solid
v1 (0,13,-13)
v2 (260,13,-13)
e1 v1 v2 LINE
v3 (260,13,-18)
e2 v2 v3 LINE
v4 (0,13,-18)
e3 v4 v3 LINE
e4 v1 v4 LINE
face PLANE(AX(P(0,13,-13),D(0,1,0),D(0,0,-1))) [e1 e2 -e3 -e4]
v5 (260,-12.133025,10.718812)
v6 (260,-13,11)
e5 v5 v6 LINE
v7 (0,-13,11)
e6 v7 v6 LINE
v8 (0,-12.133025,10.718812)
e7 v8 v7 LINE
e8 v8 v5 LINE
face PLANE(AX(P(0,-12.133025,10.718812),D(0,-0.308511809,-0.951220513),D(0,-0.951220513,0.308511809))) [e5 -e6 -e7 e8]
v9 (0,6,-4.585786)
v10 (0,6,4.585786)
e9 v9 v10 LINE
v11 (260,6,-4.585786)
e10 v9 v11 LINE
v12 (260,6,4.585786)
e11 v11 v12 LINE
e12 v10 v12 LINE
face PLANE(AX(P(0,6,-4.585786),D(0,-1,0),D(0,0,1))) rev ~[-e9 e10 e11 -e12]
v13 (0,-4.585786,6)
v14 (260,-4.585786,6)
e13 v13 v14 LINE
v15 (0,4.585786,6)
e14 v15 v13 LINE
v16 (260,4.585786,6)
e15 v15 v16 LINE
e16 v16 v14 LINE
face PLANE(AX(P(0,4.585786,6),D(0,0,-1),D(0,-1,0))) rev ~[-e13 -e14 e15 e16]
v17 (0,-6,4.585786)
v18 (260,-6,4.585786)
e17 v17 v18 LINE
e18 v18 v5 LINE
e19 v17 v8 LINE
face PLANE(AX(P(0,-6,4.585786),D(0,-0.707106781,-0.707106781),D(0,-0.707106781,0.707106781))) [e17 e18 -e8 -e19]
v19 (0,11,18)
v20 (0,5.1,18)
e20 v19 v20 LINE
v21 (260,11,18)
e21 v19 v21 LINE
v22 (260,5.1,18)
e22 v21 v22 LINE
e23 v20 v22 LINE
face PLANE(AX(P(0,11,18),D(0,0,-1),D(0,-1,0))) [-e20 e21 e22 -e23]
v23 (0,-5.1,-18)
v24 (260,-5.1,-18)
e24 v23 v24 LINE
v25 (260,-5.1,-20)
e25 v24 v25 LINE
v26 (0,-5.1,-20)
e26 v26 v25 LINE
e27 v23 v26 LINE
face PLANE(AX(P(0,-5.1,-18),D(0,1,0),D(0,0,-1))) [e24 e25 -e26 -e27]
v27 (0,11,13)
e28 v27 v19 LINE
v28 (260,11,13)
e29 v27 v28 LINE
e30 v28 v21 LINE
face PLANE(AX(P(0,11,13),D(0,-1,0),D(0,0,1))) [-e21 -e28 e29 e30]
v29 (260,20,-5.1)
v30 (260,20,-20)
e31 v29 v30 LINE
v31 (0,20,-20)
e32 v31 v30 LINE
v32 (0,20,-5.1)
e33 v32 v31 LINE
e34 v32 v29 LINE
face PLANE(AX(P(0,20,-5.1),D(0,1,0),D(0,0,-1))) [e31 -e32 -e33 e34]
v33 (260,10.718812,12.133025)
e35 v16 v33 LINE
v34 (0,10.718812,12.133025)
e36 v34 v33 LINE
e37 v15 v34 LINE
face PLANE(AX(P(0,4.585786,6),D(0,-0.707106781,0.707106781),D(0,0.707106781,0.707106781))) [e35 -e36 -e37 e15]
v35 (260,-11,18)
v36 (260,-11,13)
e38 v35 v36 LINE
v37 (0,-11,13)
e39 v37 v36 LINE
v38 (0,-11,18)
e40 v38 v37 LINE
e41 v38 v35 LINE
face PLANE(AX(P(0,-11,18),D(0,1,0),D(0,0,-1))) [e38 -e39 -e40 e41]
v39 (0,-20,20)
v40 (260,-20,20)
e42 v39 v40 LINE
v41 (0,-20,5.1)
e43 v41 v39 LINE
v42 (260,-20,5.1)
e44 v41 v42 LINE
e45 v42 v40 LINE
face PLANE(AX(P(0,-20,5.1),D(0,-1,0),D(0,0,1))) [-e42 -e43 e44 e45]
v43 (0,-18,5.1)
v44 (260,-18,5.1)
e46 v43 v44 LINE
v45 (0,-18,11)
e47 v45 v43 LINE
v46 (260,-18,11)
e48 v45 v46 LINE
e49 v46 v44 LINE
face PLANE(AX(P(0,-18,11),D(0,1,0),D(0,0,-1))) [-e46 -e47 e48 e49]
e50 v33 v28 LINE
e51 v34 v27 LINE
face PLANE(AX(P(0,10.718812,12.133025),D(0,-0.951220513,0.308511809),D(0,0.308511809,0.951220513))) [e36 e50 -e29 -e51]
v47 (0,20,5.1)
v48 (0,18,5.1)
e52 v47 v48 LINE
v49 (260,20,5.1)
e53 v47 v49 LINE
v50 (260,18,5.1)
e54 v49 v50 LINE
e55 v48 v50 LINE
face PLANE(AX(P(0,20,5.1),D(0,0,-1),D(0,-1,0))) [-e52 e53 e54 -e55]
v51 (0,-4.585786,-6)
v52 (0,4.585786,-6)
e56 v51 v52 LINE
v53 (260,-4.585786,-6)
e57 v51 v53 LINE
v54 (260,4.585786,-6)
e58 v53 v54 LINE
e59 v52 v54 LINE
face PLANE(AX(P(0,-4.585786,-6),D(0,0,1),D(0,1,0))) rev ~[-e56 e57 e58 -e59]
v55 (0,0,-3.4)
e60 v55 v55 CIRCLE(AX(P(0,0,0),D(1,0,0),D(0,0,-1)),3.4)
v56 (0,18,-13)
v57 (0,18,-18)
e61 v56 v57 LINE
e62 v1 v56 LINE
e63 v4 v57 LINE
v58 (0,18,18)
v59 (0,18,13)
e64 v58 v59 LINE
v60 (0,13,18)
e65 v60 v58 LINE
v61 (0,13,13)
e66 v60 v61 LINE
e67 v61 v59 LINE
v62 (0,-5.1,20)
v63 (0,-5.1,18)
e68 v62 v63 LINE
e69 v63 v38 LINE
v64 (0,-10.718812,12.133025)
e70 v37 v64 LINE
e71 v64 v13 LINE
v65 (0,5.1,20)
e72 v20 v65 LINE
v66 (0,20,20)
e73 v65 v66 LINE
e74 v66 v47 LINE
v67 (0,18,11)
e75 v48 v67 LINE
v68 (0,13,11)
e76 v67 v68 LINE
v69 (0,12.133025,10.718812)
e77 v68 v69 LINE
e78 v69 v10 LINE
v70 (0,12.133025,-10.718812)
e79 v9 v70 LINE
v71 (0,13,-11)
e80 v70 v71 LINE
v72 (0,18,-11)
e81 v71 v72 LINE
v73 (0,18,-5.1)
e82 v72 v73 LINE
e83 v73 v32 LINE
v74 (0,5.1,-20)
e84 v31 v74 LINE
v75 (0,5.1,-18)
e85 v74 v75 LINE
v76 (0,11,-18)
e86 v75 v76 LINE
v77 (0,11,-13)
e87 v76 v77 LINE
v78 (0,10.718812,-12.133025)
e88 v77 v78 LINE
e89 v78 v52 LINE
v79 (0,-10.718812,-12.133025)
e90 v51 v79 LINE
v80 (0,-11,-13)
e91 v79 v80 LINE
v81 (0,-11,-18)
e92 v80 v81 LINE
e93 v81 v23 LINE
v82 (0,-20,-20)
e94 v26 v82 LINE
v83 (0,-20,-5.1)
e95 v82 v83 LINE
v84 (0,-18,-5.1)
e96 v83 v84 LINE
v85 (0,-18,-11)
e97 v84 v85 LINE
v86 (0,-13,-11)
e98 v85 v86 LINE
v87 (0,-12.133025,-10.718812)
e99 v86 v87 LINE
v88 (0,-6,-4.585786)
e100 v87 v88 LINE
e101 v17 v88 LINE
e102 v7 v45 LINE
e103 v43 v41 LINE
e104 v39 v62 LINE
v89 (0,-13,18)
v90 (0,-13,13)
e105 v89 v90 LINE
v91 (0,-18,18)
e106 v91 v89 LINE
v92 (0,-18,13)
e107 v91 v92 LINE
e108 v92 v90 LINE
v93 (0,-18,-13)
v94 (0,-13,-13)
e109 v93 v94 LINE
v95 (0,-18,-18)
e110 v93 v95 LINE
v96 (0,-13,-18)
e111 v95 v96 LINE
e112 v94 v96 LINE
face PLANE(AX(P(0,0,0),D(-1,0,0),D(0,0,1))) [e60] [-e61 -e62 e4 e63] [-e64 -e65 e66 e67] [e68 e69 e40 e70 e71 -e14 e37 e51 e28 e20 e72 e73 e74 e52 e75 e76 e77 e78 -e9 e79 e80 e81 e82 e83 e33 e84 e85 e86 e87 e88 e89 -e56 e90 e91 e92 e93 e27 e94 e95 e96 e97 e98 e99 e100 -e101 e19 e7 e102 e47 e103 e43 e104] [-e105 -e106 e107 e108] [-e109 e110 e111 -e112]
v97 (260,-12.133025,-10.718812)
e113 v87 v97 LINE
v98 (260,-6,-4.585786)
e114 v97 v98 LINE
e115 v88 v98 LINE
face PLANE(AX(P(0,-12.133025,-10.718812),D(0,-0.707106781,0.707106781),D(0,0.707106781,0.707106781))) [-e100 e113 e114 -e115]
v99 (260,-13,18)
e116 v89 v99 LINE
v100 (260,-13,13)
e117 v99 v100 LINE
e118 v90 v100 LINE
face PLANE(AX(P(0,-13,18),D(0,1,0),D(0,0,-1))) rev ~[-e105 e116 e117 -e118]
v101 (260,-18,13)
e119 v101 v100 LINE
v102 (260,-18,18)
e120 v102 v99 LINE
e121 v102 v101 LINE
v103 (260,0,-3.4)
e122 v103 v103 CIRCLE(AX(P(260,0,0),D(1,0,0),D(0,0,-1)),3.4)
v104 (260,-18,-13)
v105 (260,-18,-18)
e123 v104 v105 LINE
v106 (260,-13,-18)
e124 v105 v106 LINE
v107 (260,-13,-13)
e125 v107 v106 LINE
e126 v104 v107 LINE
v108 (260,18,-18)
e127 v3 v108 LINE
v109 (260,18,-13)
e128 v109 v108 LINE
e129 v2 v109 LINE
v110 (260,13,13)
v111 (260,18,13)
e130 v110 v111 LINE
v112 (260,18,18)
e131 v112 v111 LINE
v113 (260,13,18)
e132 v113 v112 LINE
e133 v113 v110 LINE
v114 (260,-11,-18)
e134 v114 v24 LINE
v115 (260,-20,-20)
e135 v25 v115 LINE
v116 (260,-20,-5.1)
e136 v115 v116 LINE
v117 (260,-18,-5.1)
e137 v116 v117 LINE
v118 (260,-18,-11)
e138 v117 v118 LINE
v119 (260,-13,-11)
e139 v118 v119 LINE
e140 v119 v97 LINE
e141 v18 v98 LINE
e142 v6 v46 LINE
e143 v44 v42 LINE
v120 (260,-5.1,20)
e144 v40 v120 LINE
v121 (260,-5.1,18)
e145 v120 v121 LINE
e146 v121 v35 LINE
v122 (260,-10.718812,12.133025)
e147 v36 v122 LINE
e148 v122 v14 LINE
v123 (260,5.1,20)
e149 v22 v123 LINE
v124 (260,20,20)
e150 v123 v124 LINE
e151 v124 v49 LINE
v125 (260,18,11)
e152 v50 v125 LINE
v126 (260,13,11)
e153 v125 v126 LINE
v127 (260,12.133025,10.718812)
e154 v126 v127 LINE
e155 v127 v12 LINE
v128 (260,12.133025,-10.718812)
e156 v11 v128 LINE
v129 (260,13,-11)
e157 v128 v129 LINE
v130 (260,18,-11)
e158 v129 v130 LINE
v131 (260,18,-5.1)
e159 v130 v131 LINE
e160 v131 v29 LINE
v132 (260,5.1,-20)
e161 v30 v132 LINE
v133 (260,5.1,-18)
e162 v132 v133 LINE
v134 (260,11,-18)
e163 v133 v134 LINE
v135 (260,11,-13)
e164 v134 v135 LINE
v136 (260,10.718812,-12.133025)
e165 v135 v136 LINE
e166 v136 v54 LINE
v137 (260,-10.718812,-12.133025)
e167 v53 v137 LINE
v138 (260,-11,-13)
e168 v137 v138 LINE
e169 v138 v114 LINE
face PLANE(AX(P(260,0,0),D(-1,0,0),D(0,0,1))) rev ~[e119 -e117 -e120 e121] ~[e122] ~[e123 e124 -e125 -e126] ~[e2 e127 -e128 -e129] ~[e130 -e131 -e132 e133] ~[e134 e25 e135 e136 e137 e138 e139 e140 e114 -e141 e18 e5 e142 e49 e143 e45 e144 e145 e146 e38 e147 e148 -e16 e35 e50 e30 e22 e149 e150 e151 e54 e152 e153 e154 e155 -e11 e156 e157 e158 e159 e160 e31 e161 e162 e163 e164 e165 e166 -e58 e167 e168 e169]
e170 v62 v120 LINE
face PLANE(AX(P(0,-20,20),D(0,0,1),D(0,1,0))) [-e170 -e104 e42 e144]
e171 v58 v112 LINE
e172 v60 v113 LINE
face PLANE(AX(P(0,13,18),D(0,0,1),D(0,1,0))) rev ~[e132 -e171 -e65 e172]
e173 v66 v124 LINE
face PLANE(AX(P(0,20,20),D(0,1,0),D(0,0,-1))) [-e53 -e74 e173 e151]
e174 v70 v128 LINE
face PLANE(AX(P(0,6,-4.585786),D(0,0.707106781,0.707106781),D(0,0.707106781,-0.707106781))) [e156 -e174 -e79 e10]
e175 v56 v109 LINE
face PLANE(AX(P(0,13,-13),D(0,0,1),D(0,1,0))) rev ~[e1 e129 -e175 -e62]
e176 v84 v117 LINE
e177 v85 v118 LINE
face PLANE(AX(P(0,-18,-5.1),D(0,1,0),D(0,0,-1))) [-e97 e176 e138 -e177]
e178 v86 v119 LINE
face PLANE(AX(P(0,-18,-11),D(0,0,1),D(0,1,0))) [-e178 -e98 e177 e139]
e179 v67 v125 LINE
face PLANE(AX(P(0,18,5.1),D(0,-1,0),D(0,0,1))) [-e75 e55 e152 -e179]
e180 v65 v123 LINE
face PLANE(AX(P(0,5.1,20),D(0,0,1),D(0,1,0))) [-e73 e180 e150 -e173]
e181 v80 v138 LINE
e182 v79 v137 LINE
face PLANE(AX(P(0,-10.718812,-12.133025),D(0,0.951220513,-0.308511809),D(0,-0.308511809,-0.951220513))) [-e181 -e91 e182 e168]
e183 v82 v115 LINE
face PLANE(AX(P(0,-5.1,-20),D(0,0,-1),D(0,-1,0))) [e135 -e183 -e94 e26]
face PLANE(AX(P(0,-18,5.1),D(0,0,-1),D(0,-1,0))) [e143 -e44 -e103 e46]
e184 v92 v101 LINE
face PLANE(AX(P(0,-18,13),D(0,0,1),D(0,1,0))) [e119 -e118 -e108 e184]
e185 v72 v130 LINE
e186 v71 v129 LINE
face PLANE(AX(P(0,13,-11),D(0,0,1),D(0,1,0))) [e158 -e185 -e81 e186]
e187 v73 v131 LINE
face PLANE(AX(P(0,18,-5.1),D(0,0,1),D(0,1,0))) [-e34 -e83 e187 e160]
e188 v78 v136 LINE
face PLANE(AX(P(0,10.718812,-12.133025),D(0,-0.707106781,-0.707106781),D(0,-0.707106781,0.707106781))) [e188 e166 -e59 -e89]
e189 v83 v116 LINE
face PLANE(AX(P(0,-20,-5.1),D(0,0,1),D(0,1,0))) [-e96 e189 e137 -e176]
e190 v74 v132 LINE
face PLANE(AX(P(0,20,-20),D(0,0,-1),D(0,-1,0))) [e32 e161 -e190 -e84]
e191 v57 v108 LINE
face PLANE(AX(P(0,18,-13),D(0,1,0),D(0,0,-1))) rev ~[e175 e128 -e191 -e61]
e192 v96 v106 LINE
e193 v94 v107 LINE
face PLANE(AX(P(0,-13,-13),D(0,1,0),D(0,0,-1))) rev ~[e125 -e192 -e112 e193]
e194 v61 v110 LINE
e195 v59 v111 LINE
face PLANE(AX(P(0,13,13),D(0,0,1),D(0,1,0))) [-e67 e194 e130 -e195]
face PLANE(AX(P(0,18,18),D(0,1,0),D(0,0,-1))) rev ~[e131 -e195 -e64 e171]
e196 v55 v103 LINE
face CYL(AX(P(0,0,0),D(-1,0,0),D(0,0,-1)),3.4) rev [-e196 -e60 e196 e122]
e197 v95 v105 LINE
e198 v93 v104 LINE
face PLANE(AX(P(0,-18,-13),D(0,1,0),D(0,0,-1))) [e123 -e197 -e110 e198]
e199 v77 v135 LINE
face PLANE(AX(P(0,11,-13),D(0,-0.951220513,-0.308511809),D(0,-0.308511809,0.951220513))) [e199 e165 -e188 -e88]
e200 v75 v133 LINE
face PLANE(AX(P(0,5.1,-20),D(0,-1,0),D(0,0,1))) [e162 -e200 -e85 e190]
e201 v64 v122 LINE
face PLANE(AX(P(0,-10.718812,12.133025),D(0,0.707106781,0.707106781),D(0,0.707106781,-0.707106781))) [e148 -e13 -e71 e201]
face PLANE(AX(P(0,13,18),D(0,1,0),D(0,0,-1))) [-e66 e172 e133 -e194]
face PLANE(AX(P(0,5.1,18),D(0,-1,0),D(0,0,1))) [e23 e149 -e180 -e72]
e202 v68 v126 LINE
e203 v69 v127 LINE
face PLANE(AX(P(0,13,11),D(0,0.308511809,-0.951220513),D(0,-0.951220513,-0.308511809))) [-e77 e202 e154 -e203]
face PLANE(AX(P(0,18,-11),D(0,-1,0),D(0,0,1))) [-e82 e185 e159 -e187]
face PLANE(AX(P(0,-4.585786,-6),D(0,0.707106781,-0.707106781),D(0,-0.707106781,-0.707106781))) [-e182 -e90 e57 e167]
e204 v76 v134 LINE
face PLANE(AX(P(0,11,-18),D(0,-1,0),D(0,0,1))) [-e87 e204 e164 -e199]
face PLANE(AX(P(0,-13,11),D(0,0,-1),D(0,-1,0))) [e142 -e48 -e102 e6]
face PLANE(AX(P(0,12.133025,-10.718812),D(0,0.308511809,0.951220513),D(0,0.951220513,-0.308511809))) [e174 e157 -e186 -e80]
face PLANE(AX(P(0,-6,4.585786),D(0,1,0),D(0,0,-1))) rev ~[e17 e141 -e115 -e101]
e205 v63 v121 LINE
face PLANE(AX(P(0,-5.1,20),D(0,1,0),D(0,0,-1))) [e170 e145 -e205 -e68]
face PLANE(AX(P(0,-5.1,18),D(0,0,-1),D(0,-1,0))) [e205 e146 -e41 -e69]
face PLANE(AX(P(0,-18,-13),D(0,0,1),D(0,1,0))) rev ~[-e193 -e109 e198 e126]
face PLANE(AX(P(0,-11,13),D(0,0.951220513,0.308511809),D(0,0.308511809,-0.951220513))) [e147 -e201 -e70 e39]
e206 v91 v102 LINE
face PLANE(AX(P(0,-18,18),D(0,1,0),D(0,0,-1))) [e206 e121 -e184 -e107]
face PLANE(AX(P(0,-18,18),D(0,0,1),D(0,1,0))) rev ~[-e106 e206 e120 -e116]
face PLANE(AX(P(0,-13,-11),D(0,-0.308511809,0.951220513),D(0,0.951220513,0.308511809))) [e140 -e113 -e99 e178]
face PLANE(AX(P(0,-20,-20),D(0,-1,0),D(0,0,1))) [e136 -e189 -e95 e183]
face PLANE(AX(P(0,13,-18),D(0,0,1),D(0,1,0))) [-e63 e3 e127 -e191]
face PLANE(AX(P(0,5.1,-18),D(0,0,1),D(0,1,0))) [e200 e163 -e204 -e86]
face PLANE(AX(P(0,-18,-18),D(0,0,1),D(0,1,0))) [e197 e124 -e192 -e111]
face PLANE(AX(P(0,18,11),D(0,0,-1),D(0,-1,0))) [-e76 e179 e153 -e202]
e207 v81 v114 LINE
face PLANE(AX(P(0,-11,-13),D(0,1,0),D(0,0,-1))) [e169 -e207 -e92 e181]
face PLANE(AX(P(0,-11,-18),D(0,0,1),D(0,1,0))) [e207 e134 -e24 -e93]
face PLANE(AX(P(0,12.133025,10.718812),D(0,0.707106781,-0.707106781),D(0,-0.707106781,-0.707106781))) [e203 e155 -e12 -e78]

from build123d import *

# Parameters (mm, degrees)
SKETCH_1_R      = 3.4
SKETCH_1_W      = 5
SKETCH_1_H      = 5
EXTRUDE_1_DEPTH = 260


with BuildPart() as part:
    # 草图1 → 凸台-拉伸1 (new body)
    with BuildSketch(Plane(origin=(0, 0, 0), x_dir=(0, 0, -1), z_dir=(1, 0, 0))):
        Polygon((0, 6), (4.585786438, 6), (10.718811909, 12.133025471), (11, 13), (11, 18), (5.1, 18), (5.1, 20), (20, 20), (20, 5.1), (18, 5.1), (18, 11), (13, 11), (12.133025471, 10.718811909), (6, 4.585786438), (6, 0), (6, -4.585786438), (12.133025471, -10.718811909), (13, -11), (18, -11), (18, -5.1), (20, -5.1), (20, -20), (5.1, -20), (5.1, -18), (11, -18), (11, -13), (10.718811909, -12.133025471), (4.585786438, -6), (0, -6), (-4.585786438, -6), (-10.718811909, -12.133025471), (-11, -13), (-11, -18), (-5.1, -18), (-5.1, -20), (-20, -20), (-20, -5.1), (-18, -5.1), (-18, -11), (-13, -11), (-12.133025471, -10.718811909), (-6, -4.585786438), (-6, 0), (-6, 4.585786438), (-12.133025471, 10.718811909), (-13, 11), (-18, 11), (-18, 5.1), (-20, 5.1), (-20, 20), (-5.1, 20), (-5.1, 18), (-11, 18), (-11, 13), (-10.718811909, 12.133025471), (-4.585786438, 6), align=None)
        Circle(SKETCH_1_R, mode=Mode.SUBTRACT)
        with Locations((15.5, -15.5)):
            Rectangle(SKETCH_1_W, SKETCH_1_H, mode=Mode.SUBTRACT)
        with Locations((15.5, 15.5)):
            Rectangle(SKETCH_1_W, SKETCH_1_H, mode=Mode.SUBTRACT)
        with Locations((-15.5, -15.5)):
            Rectangle(SKETCH_1_W, SKETCH_1_H, mode=Mode.SUBTRACT)
        with Locations((-15.5, 15.5)):
            Rectangle(SKETCH_1_W, SKETCH_1_H, mode=Mode.SUBTRACT)
    extrude(amount=EXTRUDE_1_DEPTH)


solid = part.part
